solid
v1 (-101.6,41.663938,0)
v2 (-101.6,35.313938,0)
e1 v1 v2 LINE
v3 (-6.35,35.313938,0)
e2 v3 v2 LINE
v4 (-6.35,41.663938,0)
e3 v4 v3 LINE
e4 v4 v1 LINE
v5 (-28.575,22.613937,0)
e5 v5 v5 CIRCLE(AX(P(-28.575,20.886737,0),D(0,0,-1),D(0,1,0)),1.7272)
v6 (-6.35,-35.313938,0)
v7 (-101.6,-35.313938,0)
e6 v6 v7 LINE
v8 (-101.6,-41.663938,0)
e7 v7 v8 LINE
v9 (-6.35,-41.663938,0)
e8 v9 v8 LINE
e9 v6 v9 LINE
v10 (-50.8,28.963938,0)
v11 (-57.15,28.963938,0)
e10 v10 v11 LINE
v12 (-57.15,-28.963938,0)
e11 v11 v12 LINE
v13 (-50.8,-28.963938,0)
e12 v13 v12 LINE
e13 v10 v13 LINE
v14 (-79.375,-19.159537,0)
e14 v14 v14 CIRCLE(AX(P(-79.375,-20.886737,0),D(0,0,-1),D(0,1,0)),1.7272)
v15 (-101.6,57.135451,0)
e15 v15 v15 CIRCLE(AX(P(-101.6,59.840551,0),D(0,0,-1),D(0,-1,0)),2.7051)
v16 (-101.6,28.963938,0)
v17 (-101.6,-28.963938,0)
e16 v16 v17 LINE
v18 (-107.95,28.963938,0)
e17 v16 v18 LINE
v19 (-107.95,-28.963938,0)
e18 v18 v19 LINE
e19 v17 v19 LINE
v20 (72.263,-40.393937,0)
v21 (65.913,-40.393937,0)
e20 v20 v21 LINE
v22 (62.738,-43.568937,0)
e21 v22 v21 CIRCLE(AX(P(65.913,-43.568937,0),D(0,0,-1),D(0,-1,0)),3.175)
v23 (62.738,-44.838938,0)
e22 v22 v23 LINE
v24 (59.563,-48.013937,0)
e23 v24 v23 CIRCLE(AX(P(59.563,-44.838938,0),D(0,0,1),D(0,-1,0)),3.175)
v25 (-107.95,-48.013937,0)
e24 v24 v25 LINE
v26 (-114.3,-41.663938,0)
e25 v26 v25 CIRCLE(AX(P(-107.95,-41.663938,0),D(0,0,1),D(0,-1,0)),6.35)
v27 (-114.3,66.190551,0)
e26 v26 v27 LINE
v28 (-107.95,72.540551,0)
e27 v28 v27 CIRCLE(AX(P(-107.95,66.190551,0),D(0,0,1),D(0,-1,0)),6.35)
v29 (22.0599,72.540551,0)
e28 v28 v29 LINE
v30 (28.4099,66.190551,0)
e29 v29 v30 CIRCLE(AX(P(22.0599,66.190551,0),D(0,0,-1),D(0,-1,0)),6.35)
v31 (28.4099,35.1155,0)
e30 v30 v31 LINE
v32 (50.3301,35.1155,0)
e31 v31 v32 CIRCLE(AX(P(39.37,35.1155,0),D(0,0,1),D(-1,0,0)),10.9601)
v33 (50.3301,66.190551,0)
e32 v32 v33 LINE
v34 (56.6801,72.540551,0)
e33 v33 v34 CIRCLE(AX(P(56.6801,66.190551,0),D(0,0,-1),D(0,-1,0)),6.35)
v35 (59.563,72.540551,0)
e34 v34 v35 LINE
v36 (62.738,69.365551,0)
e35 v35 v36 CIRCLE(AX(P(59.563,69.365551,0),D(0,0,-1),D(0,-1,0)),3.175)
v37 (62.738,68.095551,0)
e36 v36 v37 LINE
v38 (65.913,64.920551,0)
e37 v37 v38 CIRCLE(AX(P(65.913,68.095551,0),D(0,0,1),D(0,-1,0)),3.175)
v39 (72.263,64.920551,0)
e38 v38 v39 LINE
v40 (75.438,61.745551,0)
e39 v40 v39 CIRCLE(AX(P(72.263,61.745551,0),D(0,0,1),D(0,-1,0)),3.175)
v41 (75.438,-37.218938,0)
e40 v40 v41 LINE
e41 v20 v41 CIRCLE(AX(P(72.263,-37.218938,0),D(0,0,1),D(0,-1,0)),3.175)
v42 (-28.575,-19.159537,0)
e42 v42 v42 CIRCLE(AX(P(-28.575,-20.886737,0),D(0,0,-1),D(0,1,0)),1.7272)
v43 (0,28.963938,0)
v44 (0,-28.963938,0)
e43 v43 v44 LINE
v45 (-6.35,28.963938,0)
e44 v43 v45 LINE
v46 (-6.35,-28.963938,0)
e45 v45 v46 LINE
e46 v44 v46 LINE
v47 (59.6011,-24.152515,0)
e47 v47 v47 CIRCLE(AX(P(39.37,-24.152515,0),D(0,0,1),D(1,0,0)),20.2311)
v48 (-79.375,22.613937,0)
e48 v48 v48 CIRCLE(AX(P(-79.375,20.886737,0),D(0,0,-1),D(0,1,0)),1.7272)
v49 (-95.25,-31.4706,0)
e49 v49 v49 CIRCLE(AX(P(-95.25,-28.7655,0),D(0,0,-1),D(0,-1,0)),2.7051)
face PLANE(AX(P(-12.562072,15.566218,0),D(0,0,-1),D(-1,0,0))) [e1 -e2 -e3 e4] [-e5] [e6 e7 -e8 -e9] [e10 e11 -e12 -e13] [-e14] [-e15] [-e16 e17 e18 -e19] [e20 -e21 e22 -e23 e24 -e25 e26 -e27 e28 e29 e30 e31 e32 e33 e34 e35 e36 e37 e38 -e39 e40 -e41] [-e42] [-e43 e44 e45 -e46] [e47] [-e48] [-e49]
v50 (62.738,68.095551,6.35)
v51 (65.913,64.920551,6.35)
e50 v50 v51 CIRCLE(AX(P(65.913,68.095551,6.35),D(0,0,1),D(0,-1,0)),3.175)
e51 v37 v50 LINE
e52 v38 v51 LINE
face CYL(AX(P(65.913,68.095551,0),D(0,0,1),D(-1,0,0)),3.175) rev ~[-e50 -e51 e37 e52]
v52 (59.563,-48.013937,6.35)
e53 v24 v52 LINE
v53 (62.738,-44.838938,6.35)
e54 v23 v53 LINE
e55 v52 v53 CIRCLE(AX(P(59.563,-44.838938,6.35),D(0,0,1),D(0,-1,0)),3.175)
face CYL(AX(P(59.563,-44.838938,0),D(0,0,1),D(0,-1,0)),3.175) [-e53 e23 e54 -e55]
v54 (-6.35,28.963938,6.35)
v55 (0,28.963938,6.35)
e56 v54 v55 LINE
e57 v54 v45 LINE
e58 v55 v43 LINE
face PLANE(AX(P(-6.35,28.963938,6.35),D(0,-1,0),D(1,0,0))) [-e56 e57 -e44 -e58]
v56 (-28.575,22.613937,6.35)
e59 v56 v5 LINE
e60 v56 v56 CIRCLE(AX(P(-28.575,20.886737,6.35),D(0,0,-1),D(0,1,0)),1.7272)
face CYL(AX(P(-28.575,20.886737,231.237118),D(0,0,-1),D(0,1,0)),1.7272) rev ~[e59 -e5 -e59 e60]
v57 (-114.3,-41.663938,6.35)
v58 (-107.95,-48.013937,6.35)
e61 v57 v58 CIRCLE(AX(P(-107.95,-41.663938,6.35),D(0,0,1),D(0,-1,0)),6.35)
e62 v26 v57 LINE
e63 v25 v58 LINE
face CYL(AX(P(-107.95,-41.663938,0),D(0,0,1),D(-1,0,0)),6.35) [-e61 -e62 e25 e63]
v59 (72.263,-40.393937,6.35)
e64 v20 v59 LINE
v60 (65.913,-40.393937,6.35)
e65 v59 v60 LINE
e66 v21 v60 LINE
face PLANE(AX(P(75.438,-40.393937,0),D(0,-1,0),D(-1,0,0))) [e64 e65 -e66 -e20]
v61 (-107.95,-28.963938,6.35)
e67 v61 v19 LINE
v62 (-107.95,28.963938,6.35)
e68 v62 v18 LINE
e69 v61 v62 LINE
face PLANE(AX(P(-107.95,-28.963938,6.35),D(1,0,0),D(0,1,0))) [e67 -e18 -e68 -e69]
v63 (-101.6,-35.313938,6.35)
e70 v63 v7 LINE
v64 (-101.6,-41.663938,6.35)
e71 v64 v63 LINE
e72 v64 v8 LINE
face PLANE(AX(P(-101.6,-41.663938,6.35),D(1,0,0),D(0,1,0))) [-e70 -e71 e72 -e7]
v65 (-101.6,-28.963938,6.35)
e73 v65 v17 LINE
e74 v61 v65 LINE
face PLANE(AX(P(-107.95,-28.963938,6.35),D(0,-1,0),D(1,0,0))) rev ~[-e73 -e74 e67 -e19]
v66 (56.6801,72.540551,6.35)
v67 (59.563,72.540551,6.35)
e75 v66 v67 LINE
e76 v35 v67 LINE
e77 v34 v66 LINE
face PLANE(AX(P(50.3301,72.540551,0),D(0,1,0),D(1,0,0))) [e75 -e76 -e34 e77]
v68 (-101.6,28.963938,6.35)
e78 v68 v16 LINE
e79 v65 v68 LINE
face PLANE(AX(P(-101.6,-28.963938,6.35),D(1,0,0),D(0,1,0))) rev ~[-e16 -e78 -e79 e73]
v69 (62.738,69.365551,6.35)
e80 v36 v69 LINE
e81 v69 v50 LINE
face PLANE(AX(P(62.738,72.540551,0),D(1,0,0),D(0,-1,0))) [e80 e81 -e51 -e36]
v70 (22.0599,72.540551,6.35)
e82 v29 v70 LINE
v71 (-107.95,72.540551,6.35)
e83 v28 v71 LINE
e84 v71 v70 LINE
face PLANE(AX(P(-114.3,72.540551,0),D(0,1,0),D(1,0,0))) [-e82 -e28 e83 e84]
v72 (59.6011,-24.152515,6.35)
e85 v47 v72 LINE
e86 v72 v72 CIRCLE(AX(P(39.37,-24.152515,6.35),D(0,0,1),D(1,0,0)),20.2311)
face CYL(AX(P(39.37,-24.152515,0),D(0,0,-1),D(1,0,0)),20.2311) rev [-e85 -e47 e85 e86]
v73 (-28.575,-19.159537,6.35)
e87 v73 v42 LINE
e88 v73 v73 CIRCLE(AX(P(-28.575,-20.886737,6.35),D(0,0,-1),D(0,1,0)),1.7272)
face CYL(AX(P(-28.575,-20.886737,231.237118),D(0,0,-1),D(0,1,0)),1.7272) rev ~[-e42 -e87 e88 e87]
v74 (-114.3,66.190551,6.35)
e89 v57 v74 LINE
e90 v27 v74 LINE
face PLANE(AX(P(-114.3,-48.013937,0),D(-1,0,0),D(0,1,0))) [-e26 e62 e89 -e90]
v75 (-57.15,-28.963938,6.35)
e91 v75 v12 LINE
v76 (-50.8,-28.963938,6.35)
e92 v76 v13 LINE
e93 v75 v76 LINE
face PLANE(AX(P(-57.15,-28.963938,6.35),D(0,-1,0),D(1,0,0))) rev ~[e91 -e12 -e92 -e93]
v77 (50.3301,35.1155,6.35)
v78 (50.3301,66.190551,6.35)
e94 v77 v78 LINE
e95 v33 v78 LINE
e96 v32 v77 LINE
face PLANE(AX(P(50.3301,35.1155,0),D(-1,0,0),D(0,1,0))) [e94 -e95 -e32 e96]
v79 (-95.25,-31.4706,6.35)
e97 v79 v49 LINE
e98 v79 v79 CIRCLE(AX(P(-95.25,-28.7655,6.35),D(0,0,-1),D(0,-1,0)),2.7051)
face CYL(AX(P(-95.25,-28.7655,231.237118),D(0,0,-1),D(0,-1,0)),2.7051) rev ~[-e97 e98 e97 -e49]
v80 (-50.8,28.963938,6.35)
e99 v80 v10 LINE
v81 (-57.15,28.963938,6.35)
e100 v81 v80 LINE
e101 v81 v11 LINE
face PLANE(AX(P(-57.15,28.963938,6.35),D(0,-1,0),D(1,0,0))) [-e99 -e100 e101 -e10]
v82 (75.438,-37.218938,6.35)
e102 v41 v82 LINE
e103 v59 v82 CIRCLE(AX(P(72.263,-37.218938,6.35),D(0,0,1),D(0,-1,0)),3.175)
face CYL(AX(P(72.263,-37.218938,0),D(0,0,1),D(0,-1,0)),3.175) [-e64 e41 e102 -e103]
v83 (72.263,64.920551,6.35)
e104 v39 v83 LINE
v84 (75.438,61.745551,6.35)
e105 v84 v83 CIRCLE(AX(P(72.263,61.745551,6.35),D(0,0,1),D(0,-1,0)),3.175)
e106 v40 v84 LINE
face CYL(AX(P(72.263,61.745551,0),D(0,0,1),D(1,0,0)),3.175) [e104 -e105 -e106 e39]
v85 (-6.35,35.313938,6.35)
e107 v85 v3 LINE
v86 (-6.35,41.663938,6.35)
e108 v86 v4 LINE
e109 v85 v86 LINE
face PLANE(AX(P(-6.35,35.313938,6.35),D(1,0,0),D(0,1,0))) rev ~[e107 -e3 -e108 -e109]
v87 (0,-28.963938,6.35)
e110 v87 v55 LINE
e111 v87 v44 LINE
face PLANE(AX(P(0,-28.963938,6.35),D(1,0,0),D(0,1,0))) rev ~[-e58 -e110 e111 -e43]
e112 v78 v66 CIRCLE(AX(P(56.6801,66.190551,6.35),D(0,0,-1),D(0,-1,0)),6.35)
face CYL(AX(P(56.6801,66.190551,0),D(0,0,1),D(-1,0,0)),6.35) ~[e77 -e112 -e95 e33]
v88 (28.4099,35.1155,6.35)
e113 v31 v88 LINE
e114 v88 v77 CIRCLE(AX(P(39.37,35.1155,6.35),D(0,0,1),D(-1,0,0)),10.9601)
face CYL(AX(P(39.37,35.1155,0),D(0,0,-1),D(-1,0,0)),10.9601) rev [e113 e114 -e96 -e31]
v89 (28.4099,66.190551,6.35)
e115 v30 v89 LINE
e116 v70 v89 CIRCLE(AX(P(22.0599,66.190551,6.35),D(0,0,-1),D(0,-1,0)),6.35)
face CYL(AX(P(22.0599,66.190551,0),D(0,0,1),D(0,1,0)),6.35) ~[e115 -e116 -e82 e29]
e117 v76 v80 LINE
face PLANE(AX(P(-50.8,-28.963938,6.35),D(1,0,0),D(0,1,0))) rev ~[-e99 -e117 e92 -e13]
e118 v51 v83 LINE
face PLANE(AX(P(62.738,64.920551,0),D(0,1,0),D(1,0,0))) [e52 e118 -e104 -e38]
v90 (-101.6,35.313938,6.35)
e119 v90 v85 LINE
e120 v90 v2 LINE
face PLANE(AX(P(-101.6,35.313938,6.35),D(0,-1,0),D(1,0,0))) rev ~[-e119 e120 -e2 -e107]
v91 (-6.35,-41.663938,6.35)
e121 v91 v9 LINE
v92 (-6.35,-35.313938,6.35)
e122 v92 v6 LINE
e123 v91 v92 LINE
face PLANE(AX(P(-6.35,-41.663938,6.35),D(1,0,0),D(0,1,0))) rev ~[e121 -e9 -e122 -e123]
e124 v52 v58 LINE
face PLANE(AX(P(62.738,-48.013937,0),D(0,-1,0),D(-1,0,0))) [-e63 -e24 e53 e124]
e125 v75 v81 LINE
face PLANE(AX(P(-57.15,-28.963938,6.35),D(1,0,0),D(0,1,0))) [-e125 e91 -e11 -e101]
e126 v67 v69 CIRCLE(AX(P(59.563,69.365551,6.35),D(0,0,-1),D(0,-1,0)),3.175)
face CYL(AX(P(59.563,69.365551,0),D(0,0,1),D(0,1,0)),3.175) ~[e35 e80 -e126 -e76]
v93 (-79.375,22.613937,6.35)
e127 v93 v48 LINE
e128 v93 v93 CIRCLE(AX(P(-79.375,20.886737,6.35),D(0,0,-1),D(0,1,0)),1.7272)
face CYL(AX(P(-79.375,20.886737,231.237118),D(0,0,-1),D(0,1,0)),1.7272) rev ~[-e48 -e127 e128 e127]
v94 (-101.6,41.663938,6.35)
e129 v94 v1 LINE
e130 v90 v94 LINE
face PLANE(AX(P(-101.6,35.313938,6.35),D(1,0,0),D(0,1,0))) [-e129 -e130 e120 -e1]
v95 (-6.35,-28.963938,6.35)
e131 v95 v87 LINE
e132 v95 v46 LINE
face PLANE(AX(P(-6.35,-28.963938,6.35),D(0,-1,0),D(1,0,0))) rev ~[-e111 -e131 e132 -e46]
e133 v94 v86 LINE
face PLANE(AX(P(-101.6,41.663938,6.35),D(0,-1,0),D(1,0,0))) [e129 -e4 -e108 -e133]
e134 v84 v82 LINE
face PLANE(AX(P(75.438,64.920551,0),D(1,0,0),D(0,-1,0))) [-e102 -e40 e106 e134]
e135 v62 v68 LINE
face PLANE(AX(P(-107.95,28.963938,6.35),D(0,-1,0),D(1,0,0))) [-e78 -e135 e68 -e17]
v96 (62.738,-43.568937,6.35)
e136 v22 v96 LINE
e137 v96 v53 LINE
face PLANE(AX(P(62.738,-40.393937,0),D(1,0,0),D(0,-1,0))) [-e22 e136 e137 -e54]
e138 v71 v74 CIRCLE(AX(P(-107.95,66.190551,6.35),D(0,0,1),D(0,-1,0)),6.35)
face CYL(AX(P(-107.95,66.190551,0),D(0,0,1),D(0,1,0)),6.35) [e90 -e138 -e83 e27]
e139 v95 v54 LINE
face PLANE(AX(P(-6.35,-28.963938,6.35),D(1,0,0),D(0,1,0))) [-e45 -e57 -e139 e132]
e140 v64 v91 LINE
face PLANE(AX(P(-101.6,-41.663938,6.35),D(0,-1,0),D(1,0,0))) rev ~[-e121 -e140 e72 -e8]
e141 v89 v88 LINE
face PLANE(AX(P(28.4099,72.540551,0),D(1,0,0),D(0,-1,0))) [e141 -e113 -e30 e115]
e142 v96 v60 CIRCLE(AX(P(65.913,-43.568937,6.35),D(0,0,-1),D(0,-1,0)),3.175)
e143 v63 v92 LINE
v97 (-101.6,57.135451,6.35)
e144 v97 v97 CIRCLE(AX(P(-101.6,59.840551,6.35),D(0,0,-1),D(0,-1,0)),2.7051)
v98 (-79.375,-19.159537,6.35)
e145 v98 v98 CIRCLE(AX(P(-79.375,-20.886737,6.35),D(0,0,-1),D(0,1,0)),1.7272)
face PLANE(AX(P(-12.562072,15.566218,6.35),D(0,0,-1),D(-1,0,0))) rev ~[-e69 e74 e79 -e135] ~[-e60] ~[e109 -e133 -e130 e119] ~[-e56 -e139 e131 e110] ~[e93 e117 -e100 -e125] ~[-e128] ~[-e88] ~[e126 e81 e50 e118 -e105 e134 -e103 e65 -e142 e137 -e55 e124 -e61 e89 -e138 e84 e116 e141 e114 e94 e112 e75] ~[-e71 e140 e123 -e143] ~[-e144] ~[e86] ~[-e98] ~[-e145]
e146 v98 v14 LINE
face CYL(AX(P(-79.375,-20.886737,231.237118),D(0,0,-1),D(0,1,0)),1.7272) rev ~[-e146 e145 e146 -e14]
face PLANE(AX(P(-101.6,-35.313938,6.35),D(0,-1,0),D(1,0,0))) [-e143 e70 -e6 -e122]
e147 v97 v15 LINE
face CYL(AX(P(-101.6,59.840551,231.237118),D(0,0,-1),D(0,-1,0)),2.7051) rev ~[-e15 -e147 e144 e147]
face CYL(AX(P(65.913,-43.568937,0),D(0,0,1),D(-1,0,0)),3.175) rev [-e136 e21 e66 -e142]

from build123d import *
from OCP.BRepFilletAPI import BRepFilletAPI_MakeFillet

# Parameters (mm, degrees)
SKETCH1_R                   = 20.2311
BOSS_EXTRUDE1_DEPTH         = 6.35
FILLET1_R1                  = 6.35
FILLET1_R2                  = 3.175
TAP_DRILL_FOR_8_32_TAP3_D   = 3.4544
TAP_DRILL_FOR_1_4_28_TAP1_D = 5.4102
SKETCH13_W                  = 95.25
SKETCH13_H                  = 6.35
SKETCH13_W_2                = 6.35
SKETCH13_H_2                = 57.927875
CUT_EXTRUDE1_DEPTH          = 136.524699219


with BuildPart() as part:
    # Sketch1 → Boss-Extrude1 (new body)
    with BuildSketch(Plane.XY):
        with BuildLine():
            Line((-114.3, 72.540551407), (28.4099, 72.540551407))
            Line((28.4099, 72.540551407), (28.4099, 35.1155))
            ThreePointArc((28.4099, 35.1155), (39.37, 24.1554), (50.3301, 35.1155))
            Line((50.3301, 35.1155), (50.3301, 72.540551407))
            Line((50.3301, 72.540551407), (62.738, 72.540551407))
            Line((62.738, 72.540551407), (62.738, 64.920551407))
            Line((62.738, 64.920551407), (75.438, 64.920551407))
            Line((75.438, 64.920551407), (75.438, -40.3939375))
            Line((75.438, -40.3939375), (62.738, -40.3939375))
            Line((62.738, -40.3939375), (62.738, -48.0139375))
            Line((62.738, -48.0139375), (-114.3, -48.0139375))
            Line((-114.3, -48.0139375), (-114.3, 72.540551407))
        make_face()
        with Locations((39.37, -24.152515463)):
            Circle(SKETCH1_R, mode=Mode.SUBTRACT)
    extrude(amount=BOSS_EXTRUDE1_DEPTH)

    # Fillet1: one fillet with a radius per group of edges: ONE call of the kernel's fillet builder (fillet() takes one radius for all edges)
    fillet1_edges_1 = [part.edges().sort_by_distance(p)[0] for p in [
        (50.3301, 72.540551407, 3.175),
        (28.4099, 72.540551407, 3.175),
        (-114.3, 72.540551407, 3.175),
        (-114.3, -48.0139375, 3.175),
    ]]
    fillet1_edges_2 = [part.edges().sort_by_distance(p)[0] for p in [
        (62.738, 64.920551407, 3.175),
        (75.438, 64.920551407, 3.175),
        (62.738, 72.540551407, 3.175),
        (62.738, -48.0139375, 3.175),
        (62.738, -40.3939375, 3.175),
        (75.438, -40.3939375, 3.175),
    ]]
    fillet1 = BRepFilletAPI_MakeFillet(part.part.solid().wrapped)
    for e in fillet1_edges_1:
        fillet1.Add(FILLET1_R1, e.wrapped)
    for e in fillet1_edges_2:
        fillet1.Add(FILLET1_R2, e.wrapped)
    add(Compound.cast(fillet1.Shape()), mode=Mode.REPLACE)

    # Tap Drill for #8-32 Tap3 (through all)
    with Locations(Plane(origin=(-189.82086846, 75.287041891, 6.35), x_dir=(0, -1, 0), z_dir=(0, 0, 1))):
        with Locations((54.400304391, 110.44586846), (96.173779391, 110.44586846), (96.173779391, 161.24586846), (54.400304391, 161.24586846)):
            Hole(TAP_DRILL_FOR_8_32_TAP3_D / 2)

    # Tap Drill for 1/4-28 Tap1 (through all)
    with Locations(Plane(origin=(-189.82086846, 75.287041891, 6.35), x_dir=(0, 1, 0), z_dir=(0, 0, 1))):
        with Locations((-15.446490484, -88.22086846), (-104.052541891, -94.57086846)):
            Hole(TAP_DRILL_FOR_1_4_28_TAP1_D / 2)

    # Sketch13 → Cut-Extrude1 (cut, through all)
    with BuildSketch(Plane.XY.offset(6.35)):
        with Locations((-53.975, -38.4889375)):
            Rectangle(SKETCH13_W, SKETCH13_H)
        with Locations((-53.975, 0)):
            Rectangle(SKETCH13_W_2, SKETCH13_H_2)
        with Locations((-3.175, 0)):
            Rectangle(SKETCH13_W_2, SKETCH13_H_2)
        with Locations((-53.975, 38.4889375)):
            Rectangle(SKETCH13_W, SKETCH13_H)
        with Locations((-104.775, 0)):
            Rectangle(SKETCH13_W_2, SKETCH13_H_2)
    extrude(amount=-CUT_EXTRUDE1_DEPTH, mode=Mode.SUBTRACT)


solid = part.part
